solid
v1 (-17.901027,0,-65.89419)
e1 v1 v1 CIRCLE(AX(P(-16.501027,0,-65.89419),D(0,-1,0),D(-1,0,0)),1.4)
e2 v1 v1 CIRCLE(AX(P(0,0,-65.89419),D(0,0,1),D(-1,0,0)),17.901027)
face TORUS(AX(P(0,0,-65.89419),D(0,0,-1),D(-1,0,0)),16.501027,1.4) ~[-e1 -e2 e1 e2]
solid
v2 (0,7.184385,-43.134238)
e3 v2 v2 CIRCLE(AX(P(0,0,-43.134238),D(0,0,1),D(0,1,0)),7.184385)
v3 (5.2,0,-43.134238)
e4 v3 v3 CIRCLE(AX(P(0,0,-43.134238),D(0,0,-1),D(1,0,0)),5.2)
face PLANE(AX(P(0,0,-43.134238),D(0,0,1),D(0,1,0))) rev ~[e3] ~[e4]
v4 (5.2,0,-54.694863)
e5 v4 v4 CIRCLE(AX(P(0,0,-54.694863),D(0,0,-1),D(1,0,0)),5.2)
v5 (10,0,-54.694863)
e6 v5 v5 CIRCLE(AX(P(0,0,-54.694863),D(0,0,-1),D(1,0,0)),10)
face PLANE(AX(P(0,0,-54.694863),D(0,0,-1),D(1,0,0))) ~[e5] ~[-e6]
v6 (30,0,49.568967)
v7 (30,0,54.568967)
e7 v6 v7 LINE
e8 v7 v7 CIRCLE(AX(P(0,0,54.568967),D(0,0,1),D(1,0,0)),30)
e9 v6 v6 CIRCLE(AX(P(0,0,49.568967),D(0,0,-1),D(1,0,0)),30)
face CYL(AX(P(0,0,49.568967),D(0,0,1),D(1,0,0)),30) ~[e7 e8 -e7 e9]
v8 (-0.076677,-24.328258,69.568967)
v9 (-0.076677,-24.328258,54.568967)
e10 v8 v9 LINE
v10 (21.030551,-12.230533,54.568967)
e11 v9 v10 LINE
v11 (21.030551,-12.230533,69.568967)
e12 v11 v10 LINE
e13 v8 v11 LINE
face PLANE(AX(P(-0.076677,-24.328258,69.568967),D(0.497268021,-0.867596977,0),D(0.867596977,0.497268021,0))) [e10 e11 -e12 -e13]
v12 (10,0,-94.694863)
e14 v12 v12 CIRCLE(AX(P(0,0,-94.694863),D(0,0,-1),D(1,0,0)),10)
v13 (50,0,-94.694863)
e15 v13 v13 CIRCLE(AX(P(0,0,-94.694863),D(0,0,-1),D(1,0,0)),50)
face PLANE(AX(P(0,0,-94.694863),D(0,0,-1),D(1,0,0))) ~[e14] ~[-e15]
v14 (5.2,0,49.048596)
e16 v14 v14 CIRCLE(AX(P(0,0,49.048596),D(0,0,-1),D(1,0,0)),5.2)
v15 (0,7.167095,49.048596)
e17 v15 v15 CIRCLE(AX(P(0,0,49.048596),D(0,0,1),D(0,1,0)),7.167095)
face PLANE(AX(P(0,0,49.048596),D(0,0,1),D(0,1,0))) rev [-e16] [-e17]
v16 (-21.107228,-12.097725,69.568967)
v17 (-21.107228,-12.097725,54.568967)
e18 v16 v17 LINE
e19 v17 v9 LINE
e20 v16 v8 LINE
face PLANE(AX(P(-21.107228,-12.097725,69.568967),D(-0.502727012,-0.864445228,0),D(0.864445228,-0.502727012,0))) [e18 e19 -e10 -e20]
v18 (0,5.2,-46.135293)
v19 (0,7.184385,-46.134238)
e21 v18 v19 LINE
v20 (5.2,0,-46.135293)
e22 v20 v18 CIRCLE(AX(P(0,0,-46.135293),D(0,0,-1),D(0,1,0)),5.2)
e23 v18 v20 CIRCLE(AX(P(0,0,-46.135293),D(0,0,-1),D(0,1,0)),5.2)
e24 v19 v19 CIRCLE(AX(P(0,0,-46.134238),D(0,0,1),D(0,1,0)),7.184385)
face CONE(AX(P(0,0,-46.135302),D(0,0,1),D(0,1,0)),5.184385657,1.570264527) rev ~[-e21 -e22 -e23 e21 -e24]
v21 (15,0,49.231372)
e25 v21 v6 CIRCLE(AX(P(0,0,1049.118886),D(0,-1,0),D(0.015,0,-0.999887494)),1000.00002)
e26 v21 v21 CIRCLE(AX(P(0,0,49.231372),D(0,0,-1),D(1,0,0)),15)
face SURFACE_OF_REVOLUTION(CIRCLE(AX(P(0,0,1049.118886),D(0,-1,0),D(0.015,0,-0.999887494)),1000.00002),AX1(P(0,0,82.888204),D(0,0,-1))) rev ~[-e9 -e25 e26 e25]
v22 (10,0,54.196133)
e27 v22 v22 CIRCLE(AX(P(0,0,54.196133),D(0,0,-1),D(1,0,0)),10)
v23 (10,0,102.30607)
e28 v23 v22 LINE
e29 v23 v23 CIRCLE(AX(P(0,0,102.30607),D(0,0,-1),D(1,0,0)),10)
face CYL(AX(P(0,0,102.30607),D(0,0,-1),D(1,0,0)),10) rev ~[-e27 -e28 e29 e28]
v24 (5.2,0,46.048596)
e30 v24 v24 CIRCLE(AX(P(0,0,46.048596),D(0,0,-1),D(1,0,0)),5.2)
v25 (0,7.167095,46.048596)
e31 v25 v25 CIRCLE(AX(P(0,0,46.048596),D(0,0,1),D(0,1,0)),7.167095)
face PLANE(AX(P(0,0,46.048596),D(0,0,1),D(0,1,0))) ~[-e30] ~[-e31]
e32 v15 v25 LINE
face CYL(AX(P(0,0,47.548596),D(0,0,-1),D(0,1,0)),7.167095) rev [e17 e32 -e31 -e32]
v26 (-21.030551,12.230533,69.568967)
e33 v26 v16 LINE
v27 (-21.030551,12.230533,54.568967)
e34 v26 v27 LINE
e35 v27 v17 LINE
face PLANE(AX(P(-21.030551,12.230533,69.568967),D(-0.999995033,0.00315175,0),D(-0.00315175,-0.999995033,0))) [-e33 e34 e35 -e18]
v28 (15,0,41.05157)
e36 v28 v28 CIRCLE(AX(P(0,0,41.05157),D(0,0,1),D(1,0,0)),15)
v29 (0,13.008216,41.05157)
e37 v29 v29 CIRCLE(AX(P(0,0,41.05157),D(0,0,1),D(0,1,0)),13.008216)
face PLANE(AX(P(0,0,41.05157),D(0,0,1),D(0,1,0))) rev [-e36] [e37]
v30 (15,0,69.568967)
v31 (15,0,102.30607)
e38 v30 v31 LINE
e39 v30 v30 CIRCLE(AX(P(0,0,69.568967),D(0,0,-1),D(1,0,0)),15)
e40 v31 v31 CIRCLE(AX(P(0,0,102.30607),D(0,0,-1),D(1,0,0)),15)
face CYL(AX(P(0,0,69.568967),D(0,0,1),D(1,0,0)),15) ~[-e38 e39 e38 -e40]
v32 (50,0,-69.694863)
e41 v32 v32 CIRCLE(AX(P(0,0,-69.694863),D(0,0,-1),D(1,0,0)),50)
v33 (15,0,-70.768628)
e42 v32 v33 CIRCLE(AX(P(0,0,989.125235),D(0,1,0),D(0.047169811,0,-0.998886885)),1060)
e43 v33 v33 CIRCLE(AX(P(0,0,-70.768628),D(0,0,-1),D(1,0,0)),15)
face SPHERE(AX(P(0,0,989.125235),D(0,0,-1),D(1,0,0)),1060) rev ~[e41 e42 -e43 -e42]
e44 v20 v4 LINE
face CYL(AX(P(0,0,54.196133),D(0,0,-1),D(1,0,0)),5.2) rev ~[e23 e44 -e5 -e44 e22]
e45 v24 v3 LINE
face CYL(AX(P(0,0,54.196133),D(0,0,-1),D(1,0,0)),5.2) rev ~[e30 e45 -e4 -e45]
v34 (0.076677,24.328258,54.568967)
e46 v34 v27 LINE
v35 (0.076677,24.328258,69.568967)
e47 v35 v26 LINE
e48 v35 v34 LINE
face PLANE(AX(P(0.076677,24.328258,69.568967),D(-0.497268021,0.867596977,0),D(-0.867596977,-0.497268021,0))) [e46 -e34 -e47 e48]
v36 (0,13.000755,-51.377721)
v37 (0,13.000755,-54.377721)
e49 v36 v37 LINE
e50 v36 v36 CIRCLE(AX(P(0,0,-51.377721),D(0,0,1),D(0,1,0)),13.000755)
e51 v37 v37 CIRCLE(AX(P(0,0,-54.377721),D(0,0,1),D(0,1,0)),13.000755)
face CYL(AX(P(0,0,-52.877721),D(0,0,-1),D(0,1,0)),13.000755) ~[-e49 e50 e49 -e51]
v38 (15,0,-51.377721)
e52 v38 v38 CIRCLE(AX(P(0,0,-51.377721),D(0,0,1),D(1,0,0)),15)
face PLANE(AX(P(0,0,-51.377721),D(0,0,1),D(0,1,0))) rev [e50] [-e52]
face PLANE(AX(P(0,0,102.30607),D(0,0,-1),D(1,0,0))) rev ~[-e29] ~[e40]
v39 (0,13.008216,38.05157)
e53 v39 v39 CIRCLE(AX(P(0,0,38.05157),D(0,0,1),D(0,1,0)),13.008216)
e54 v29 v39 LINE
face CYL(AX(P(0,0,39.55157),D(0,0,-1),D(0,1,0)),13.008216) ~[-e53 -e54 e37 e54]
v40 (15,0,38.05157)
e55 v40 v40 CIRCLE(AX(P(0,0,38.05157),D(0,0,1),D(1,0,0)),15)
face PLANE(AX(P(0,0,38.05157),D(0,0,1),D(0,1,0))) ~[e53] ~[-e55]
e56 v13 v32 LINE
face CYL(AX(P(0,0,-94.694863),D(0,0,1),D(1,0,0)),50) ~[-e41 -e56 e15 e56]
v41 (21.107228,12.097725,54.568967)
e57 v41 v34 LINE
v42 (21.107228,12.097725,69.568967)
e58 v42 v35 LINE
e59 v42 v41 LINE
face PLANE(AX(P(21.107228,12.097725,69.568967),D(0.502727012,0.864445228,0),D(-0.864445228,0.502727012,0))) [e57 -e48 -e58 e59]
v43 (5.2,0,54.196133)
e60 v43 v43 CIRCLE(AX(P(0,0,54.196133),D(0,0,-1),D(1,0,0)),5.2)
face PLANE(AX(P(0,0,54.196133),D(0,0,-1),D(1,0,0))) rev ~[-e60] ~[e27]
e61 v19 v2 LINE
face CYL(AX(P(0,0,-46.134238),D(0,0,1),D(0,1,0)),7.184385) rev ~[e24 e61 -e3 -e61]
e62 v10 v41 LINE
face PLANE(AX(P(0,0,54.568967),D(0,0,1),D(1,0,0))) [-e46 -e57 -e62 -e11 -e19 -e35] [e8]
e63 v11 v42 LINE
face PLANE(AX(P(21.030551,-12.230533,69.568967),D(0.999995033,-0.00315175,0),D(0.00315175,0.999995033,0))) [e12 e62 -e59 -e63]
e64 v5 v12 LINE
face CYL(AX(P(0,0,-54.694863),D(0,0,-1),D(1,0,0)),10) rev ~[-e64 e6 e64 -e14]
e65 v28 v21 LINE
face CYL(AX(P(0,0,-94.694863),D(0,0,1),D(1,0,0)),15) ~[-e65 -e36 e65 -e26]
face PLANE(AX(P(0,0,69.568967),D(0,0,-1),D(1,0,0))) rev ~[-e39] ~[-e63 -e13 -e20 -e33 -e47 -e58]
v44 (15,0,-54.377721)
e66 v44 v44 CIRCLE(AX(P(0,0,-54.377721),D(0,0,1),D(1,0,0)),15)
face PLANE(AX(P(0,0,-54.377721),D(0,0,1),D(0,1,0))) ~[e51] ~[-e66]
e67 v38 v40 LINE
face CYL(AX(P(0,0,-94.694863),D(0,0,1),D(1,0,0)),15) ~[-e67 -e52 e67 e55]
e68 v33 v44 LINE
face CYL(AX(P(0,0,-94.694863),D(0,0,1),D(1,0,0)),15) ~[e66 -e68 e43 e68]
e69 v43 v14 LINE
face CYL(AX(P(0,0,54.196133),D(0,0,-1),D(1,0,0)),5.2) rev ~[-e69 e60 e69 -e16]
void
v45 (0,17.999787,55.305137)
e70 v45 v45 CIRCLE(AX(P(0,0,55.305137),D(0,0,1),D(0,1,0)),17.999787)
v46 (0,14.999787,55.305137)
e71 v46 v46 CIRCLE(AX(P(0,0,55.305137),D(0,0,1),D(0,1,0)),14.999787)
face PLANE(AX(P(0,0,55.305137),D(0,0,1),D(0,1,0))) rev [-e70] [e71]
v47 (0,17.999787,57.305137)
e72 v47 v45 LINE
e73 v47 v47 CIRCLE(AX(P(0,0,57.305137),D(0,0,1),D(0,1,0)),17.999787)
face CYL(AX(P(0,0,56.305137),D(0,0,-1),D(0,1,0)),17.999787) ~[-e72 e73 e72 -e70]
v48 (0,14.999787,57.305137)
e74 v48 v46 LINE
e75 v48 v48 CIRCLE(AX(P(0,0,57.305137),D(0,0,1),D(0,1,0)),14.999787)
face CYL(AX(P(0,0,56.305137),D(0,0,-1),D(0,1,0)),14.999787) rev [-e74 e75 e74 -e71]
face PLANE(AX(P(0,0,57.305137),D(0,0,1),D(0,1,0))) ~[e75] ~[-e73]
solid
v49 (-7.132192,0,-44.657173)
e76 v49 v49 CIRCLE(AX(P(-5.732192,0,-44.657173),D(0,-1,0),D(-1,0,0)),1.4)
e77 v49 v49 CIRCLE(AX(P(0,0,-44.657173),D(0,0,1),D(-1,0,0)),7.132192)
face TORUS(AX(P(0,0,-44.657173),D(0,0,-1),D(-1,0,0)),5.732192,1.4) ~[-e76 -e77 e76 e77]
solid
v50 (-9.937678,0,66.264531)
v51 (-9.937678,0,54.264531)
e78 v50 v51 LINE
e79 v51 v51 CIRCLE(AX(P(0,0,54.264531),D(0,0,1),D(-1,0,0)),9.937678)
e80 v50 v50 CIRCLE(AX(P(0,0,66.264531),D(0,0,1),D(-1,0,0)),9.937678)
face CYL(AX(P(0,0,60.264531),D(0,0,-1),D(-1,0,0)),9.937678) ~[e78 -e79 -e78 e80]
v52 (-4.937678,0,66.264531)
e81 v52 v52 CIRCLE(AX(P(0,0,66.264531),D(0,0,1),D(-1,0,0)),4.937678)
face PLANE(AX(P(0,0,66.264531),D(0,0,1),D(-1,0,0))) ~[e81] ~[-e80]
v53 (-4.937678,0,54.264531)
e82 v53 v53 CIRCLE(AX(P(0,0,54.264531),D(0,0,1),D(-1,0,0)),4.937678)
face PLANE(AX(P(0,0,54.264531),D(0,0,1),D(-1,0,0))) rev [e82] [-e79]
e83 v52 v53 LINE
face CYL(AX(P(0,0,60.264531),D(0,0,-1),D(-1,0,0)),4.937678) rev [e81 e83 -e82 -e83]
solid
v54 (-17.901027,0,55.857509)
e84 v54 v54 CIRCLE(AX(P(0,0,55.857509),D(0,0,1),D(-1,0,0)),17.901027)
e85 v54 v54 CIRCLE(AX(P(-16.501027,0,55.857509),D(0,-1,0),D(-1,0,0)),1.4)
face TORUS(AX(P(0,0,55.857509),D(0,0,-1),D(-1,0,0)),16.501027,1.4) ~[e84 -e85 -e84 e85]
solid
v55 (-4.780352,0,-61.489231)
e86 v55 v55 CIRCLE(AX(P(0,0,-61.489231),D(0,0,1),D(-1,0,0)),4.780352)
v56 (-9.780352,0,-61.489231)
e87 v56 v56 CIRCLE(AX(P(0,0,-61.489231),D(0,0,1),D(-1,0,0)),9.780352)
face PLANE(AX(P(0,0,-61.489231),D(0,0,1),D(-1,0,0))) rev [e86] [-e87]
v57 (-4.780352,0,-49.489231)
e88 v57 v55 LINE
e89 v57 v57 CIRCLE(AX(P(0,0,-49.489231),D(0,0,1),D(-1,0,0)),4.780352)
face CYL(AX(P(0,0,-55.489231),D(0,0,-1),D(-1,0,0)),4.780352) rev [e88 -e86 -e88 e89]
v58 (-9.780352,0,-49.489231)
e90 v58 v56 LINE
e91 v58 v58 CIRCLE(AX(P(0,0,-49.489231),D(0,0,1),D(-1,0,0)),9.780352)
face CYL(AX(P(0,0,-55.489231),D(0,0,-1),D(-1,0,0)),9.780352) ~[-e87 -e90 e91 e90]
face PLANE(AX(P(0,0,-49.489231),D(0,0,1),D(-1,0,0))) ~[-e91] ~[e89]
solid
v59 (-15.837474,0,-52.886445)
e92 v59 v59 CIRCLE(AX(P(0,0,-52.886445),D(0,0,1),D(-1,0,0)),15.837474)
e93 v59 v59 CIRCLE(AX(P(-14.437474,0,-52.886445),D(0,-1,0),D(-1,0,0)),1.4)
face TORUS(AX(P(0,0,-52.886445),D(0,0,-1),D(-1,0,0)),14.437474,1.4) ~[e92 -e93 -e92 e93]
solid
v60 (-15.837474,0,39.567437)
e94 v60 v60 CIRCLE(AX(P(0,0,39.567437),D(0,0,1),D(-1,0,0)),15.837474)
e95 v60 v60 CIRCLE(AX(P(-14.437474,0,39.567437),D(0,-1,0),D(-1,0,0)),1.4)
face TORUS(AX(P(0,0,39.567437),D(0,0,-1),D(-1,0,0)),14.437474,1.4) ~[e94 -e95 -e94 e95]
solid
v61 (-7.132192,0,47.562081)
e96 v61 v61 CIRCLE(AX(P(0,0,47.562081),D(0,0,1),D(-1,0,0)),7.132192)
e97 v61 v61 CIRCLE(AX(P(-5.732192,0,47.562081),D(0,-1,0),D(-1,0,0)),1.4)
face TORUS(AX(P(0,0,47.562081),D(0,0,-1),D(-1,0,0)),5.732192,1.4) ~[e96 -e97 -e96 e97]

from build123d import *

# Parameters (mm, degrees)
SKETCH3_W          = 5
SKETCH3_H          = 12
SKETCH4_W          = 2
SKETCH4_H          = 3
SKETCH4_W_2        = 3
SKETCH4_H_2        = 2
SKETCH5_R          = 1.4
SKETCH6_R          = 30
CUT_EXTRUDE1_DEPTH = 15


with BuildPart() as part:
    # Sketch2 → Revolve1 (revolve)
    with BuildSketch(Plane(origin=(0, 0, 0), x_dir=(0, 0, -1), z_dir=(1, 0, 0)), mode=Mode.PRIVATE) as revolve1_sk:
        with BuildLine():
            Line((-102.306070176, 10), (-68.687078277, 10))
            Line((-68.687078277, 10), (-54.196133493, 10))
            Line((-54.196133493, 10), (-54.196133493, 5.2))
            Line((-54.196133493, 5.2), (54.694863194, 5.2))
            Line((54.694863194, 5.2), (54.694863194, 10))
            Line((54.694863194, 10), (94.694863194, 10))
            Line((94.694863194, 10), (94.694863194, 15))
            Line((94.694863194, 15), (70.768627771, 15))
            Line((70.768627771, 15), (-49.231372229, 15))
            ThreePointArc((-49.231372229, 15), (-49.372037195, 22.50063316), (-49.568967196, 30))
            Line((-49.568967196, 30), (-69.568967196, 30))
            Line((-69.568967196, 30), (-69.568967196, 15))
            Line((-69.568967196, 15), (-102.306070176, 15))
            Line((-102.306070176, 15), (-102.306070176, 10))
        make_face()
        with BuildLine():
            Line((70.768627771, 15), (94.694863194, 15))
            Line((94.694863194, 15), (94.694863194, 50))
            Line((94.694863194, 50), (69.694863194, 50))
            ThreePointArc((69.694863194, 50), (70.376280854, 32.504434199), (70.768627771, 15))
        make_face()
    revolve(revolve1_sk.sketch.rotate(Axis((0, 0, 82.888204165), (0, 0, -1)), 90), axis=Axis((0, 0, 82.888204165), (0, 0, -1)))

    # Sketch4 → Cut-Revolve1 (revolve, cut)
    with BuildSketch(Plane(origin=(0, 0, 0), x_dir=(1, 0, 0), z_dir=(0, 1, 0)), mode=Mode.PRIVATE) as cut_revolve1_sk:
        Polygon((5.184385657, 46.135301631), (7.184385374, 46.134238031), (7.184385374, 43.134238031), (5.184385657, 43.134238031), align=None)
        with Locations((6.167094919, -47.548595943)):
            Rectangle(SKETCH4_W, SKETCH4_H)
        with Locations((14.000754593, 52.877721069)):
            Rectangle(SKETCH4_W, SKETCH4_H)
        with Locations((14.008215981, -39.551570131)):
            Rectangle(SKETCH4_W, SKETCH4_H)
        with Locations((16.499787217, -56.305136806)):
            Rectangle(SKETCH4_W_2, SKETCH4_H_2)
        with Locations((16.50645373, 66.364783933)):
            Rectangle(SKETCH4_W_2, SKETCH4_H_2)
    revolve(cut_revolve1_sk.sketch.rotate(Axis((0, 0, -31.338229239), (0, 0, 1)), 90), axis=Axis((0, 0, -31.338229239), (0, 0, 1)), mode=Mode.SUBTRACT)

    # Sketch6 → Cut-Extrude1 (cut)
    with BuildSketch(Plane.XY.offset(69.568967196)):
        Circle(SKETCH6_R)
        Polygon((21.030551331, -12.230533398), (21.10722829, 12.097725009), (0.076676959, 24.328258407), (-21.030551331, 12.230533398), (-21.10722829, -12.097725009), (-0.076676959, -24.328258407), align=None, mode=Mode.SUBTRACT)
    extrude(amount=-CUT_EXTRUDE1_DEPTH, mode=Mode.SUBTRACT)


with BuildPart() as body_2:
    # Sketch3 → Revolve2 (revolve)
    with BuildSketch(Plane(origin=(0, 0, 0), x_dir=(1, 0, 0), z_dir=(0, 1, 0)), mode=Mode.PRIVATE) as revolve2_sk:
        with Locations((7.280352004, 55.48923141)):
            Rectangle(SKETCH3_W, SKETCH3_H)
        with Locations((7.437677798, -60.264530811)):
            Rectangle(SKETCH3_W, SKETCH3_H)
    revolve(revolve2_sk.sketch.rotate(Axis((0, 0, -27.02221975), (0, 0, 1)), 180), axis=Axis((0, 0, -27.02221975), (0, 0, 1)))


with BuildPart() as body_3:
    # Sketch5 → Revolve3 (revolve)
    with BuildSketch(Plane(origin=(0, 0, 0), x_dir=(1, 0, 0), z_dir=(0, 1, 0)), mode=Mode.PRIVATE) as revolve3_sk:
        with Locations((16.501027296, 65.894189595)):
            Circle(SKETCH5_R)
        with Locations((14.437473505, 52.886445358)):
            Circle(SKETCH5_R)
        with Locations((5.732191759, 44.657173232)):
            Circle(SKETCH5_R)
        with Locations((14.437473505, -39.567436543)):
            Circle(SKETCH5_R)
        with Locations((5.732191759, -47.562081473)):
            Circle(SKETCH5_R)
        with Locations((16.501027296, -55.857509039)):
            Circle(SKETCH5_R)
    revolve(revolve3_sk.sketch.rotate(Axis((0, 0, -40.610181285), (0, 0, 1)), 180), axis=Axis((0, 0, -40.610181285), (0, 0, 1)))


solid = Compound([part.part, body_2.part, body_3.part])
